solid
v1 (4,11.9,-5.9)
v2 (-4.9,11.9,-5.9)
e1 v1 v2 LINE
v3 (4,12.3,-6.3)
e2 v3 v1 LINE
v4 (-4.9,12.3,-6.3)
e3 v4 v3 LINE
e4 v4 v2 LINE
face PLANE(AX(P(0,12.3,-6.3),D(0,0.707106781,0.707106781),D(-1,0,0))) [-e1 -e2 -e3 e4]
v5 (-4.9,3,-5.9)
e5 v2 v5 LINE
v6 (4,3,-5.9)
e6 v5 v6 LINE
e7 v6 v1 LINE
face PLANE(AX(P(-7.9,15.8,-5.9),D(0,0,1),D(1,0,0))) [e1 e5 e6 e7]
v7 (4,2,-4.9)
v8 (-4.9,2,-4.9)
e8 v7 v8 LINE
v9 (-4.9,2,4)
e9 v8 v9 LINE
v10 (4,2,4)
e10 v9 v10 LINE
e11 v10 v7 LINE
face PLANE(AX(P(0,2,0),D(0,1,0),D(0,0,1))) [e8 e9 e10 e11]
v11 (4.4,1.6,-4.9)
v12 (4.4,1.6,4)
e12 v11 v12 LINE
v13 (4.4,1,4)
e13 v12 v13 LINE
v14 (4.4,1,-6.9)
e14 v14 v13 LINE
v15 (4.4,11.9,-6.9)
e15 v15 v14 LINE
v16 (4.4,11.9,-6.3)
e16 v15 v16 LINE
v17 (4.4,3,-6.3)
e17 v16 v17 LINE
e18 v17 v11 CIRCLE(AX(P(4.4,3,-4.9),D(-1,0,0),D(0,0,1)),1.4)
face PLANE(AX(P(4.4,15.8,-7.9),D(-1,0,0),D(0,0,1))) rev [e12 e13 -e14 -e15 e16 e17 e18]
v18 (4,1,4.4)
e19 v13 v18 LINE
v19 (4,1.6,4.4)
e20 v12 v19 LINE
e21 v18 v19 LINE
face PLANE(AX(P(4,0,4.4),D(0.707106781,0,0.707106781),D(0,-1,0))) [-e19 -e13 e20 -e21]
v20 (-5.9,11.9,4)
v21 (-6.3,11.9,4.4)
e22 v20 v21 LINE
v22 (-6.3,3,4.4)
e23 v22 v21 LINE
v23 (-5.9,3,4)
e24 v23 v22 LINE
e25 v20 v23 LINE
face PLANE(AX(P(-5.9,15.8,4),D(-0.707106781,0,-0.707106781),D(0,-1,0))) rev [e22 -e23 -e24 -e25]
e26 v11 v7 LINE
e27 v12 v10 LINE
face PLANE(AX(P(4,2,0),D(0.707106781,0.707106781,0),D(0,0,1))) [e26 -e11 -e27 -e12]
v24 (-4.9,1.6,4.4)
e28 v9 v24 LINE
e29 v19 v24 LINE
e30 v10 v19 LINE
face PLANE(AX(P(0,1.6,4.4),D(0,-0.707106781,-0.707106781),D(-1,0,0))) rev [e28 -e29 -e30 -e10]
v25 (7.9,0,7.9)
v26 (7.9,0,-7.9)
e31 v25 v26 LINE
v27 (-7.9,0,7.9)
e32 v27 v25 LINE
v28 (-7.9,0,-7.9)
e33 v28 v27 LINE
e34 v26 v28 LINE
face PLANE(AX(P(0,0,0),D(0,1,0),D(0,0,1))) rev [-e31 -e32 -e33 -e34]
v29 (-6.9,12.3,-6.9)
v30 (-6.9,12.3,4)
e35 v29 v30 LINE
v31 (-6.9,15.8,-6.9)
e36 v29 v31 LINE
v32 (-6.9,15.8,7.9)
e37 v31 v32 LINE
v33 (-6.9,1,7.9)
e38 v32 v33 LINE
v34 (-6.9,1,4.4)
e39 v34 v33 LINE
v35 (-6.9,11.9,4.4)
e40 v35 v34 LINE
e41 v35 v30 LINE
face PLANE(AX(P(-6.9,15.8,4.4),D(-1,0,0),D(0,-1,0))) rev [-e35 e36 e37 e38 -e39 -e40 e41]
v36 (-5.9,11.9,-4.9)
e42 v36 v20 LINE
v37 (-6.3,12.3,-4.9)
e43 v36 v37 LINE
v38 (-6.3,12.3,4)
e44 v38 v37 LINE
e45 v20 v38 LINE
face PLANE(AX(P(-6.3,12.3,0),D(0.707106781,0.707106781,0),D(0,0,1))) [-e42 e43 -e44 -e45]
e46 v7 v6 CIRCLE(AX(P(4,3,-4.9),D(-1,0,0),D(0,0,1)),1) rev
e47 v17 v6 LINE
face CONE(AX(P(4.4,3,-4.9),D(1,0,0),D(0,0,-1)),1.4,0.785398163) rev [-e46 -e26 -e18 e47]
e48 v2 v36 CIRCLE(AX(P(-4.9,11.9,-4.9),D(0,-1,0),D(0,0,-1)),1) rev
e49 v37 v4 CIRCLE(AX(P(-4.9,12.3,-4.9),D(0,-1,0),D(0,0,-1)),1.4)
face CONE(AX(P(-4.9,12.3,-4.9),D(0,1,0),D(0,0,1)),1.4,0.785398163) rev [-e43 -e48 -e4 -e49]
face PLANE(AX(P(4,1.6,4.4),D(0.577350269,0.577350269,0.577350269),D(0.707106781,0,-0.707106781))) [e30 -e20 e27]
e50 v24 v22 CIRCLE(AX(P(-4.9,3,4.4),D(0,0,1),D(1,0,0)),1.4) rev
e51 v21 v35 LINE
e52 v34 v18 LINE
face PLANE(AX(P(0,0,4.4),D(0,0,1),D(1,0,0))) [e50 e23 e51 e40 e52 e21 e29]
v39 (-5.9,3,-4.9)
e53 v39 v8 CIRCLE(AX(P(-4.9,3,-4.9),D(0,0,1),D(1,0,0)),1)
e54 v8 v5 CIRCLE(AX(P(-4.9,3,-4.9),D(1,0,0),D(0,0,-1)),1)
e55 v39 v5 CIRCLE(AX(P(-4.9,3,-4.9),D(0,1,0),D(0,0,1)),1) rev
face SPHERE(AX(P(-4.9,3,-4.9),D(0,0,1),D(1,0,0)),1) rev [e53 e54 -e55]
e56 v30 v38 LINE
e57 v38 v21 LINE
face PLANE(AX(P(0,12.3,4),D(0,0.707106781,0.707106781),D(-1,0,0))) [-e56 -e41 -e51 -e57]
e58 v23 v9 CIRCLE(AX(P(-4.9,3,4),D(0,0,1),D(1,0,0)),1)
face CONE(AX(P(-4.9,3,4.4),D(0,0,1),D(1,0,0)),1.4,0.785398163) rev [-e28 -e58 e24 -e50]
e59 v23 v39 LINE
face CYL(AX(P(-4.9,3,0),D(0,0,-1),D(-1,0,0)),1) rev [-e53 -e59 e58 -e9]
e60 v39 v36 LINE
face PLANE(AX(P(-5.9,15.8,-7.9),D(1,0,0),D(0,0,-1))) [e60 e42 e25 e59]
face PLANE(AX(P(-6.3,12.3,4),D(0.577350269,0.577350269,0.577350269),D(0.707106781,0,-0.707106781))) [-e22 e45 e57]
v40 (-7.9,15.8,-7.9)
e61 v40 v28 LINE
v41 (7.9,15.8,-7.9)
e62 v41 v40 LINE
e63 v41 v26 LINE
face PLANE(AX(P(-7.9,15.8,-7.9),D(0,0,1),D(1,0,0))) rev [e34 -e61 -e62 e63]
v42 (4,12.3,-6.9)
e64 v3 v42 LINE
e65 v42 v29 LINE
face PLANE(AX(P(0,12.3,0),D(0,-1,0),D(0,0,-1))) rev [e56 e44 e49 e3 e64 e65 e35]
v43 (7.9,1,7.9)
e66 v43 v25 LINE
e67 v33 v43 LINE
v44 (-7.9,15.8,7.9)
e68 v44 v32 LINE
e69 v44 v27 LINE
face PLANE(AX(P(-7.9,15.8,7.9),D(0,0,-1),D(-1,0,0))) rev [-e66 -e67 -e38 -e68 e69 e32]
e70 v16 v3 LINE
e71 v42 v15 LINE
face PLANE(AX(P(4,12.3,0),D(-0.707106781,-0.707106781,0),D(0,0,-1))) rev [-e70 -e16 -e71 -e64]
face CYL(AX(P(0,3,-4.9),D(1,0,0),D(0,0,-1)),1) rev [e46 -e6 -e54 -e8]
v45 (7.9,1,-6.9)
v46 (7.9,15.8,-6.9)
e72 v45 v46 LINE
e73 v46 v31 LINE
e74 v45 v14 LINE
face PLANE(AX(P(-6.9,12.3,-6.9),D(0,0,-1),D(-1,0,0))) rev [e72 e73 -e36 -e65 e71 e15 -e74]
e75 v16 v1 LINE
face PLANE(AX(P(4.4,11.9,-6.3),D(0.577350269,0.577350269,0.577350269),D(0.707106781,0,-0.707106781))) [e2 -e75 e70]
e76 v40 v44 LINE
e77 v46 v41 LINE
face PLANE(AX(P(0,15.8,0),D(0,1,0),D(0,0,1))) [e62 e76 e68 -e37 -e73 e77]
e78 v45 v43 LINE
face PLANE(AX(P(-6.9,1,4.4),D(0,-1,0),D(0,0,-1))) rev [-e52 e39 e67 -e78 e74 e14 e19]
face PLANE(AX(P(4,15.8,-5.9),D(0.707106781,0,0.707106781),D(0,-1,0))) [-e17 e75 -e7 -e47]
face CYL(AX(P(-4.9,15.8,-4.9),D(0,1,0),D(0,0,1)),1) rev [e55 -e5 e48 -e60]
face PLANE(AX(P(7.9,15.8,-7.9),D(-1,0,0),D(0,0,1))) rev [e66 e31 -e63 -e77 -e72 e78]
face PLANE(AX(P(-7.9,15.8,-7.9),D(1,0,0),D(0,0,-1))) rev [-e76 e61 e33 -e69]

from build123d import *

# Parameters (mm, degrees)
ESQUISSE1_W                  = 15.8
ESQUISSE1_H                  = 15.8
BOSS_EXTRU_1_DEPTH           = 15.8
COQUE1_T                     = -2
ENL_V_MAT_EXTRU_1_DEPTH      = 3.5
ENL_V_MAT_EXTRU_2_DEPTH      = 3.5
ENL_V_MAT_EXTRU_3_DEPTH      = 24.7
ENL_V_MAT_EXTRU_3_DEPTH_BACK = 3.5
CONG_1_R                     = 1
CHANFREIN1_SIZE              = 0.4


with BuildPart() as part:
    # Esquisse1 → Boss.-Extru.1 (new body)
    with BuildSketch(Plane(origin=(0, 0, 0), x_dir=(1, 0, 0), z_dir=(0, 1, 0))):
        Rectangle(ESQUISSE1_W, ESQUISSE1_H)
    extrude(amount=BOSS_EXTRU_1_DEPTH)

    # Coque1
    coque1_openings = [part.faces().sort_by_distance(p)[0] for p in [
        (0, 15.8, 0),
        (0, 7.9, 7.9),
        (7.9, 7.9, 0),
    ]]
    offset(amount=COQUE1_T, openings=coque1_openings, kind=Kind.INTERSECTION)

    # Esquisse2 → Enlèv. mat.-Extru.1 (cut)
    with BuildSketch(Plane.XY.offset(7.9)):
        Polygon((-5.9, 15.8), (-6.9, 15.8), (-6.9, 1), (7.9, 1), (7.9, 2), (-5.9, 2), align=None)
    extrude(amount=-ENL_V_MAT_EXTRU_1_DEPTH, mode=Mode.SUBTRACT)

    # Esquisse6 → Enlèv. mat.-Extru.2 (cut)
    with BuildSketch(Plane(origin=(0, 15.8, 0), x_dir=(1, 0, 0), z_dir=(0, 1, 0))):
        Polygon((-5.9, -4.4), (-5.9, 5.9), (7.9, 5.9), (7.9, 6.9), (-6.9, 6.9), (-6.9, -4.4), align=None)
    extrude(amount=-ENL_V_MAT_EXTRU_2_DEPTH, mode=Mode.SUBTRACT)

    # Esquisse7 → Enlèv. mat.-Extru.3 (cut, two sides: drawn at the far end of the back side and taken through both)
    with BuildSketch(Plane(origin=(7.9, 0, 0), x_dir=(0, 0, -1), z_dir=(1, 0, 0)).offset(-ENL_V_MAT_EXTRU_3_DEPTH_BACK)):
        Polygon((5.9, 2), (-4.4, 2), (-4.4, 1), (6.9, 1), (6.9, 12.3), (5.9, 12.3), align=None)
    extrude(amount=ENL_V_MAT_EXTRU_3_DEPTH + ENL_V_MAT_EXTRU_3_DEPTH_BACK, mode=Mode.SUBTRACT)

    # Congé1
    cong_1_edges = [part.edges().sort_by_distance(p)[0] for p in [
        (-5.9, 2, -0.75),
        (-5.9, 7.15, -5.9),
        (-0.75, 2, -5.9),
    ]]
    fillet(cong_1_edges, radius=CONG_1_R)

    # Chanfrein1
    chanfrein1_edges = [part.edges().sort_by_distance(p)[0] for p in [
        (-5.9, 7.65, 4.4),
        (-6.4, 12.3, 4.4),
        (-5.9, 12.3, -0.25),
        (-0.25, 2, 4.4),
        (4.4, 2, -0.25),
        (4.4, 12.3, -6.4),
        (4.4, 1.5, 4.4),
        (4.4, 7.65, -5.9),
        (-0.25, 12.3, -5.9),
        (-5.607106781, 12.3, -5.607106781),
        (4.4, 2.292893219, -5.607106781),
        (-5.607106781, 2.292893219, 4.4),
    ]]
    chamfer(chanfrein1_edges, length=CHANFREIN1_SIZE)


solid = part.part
